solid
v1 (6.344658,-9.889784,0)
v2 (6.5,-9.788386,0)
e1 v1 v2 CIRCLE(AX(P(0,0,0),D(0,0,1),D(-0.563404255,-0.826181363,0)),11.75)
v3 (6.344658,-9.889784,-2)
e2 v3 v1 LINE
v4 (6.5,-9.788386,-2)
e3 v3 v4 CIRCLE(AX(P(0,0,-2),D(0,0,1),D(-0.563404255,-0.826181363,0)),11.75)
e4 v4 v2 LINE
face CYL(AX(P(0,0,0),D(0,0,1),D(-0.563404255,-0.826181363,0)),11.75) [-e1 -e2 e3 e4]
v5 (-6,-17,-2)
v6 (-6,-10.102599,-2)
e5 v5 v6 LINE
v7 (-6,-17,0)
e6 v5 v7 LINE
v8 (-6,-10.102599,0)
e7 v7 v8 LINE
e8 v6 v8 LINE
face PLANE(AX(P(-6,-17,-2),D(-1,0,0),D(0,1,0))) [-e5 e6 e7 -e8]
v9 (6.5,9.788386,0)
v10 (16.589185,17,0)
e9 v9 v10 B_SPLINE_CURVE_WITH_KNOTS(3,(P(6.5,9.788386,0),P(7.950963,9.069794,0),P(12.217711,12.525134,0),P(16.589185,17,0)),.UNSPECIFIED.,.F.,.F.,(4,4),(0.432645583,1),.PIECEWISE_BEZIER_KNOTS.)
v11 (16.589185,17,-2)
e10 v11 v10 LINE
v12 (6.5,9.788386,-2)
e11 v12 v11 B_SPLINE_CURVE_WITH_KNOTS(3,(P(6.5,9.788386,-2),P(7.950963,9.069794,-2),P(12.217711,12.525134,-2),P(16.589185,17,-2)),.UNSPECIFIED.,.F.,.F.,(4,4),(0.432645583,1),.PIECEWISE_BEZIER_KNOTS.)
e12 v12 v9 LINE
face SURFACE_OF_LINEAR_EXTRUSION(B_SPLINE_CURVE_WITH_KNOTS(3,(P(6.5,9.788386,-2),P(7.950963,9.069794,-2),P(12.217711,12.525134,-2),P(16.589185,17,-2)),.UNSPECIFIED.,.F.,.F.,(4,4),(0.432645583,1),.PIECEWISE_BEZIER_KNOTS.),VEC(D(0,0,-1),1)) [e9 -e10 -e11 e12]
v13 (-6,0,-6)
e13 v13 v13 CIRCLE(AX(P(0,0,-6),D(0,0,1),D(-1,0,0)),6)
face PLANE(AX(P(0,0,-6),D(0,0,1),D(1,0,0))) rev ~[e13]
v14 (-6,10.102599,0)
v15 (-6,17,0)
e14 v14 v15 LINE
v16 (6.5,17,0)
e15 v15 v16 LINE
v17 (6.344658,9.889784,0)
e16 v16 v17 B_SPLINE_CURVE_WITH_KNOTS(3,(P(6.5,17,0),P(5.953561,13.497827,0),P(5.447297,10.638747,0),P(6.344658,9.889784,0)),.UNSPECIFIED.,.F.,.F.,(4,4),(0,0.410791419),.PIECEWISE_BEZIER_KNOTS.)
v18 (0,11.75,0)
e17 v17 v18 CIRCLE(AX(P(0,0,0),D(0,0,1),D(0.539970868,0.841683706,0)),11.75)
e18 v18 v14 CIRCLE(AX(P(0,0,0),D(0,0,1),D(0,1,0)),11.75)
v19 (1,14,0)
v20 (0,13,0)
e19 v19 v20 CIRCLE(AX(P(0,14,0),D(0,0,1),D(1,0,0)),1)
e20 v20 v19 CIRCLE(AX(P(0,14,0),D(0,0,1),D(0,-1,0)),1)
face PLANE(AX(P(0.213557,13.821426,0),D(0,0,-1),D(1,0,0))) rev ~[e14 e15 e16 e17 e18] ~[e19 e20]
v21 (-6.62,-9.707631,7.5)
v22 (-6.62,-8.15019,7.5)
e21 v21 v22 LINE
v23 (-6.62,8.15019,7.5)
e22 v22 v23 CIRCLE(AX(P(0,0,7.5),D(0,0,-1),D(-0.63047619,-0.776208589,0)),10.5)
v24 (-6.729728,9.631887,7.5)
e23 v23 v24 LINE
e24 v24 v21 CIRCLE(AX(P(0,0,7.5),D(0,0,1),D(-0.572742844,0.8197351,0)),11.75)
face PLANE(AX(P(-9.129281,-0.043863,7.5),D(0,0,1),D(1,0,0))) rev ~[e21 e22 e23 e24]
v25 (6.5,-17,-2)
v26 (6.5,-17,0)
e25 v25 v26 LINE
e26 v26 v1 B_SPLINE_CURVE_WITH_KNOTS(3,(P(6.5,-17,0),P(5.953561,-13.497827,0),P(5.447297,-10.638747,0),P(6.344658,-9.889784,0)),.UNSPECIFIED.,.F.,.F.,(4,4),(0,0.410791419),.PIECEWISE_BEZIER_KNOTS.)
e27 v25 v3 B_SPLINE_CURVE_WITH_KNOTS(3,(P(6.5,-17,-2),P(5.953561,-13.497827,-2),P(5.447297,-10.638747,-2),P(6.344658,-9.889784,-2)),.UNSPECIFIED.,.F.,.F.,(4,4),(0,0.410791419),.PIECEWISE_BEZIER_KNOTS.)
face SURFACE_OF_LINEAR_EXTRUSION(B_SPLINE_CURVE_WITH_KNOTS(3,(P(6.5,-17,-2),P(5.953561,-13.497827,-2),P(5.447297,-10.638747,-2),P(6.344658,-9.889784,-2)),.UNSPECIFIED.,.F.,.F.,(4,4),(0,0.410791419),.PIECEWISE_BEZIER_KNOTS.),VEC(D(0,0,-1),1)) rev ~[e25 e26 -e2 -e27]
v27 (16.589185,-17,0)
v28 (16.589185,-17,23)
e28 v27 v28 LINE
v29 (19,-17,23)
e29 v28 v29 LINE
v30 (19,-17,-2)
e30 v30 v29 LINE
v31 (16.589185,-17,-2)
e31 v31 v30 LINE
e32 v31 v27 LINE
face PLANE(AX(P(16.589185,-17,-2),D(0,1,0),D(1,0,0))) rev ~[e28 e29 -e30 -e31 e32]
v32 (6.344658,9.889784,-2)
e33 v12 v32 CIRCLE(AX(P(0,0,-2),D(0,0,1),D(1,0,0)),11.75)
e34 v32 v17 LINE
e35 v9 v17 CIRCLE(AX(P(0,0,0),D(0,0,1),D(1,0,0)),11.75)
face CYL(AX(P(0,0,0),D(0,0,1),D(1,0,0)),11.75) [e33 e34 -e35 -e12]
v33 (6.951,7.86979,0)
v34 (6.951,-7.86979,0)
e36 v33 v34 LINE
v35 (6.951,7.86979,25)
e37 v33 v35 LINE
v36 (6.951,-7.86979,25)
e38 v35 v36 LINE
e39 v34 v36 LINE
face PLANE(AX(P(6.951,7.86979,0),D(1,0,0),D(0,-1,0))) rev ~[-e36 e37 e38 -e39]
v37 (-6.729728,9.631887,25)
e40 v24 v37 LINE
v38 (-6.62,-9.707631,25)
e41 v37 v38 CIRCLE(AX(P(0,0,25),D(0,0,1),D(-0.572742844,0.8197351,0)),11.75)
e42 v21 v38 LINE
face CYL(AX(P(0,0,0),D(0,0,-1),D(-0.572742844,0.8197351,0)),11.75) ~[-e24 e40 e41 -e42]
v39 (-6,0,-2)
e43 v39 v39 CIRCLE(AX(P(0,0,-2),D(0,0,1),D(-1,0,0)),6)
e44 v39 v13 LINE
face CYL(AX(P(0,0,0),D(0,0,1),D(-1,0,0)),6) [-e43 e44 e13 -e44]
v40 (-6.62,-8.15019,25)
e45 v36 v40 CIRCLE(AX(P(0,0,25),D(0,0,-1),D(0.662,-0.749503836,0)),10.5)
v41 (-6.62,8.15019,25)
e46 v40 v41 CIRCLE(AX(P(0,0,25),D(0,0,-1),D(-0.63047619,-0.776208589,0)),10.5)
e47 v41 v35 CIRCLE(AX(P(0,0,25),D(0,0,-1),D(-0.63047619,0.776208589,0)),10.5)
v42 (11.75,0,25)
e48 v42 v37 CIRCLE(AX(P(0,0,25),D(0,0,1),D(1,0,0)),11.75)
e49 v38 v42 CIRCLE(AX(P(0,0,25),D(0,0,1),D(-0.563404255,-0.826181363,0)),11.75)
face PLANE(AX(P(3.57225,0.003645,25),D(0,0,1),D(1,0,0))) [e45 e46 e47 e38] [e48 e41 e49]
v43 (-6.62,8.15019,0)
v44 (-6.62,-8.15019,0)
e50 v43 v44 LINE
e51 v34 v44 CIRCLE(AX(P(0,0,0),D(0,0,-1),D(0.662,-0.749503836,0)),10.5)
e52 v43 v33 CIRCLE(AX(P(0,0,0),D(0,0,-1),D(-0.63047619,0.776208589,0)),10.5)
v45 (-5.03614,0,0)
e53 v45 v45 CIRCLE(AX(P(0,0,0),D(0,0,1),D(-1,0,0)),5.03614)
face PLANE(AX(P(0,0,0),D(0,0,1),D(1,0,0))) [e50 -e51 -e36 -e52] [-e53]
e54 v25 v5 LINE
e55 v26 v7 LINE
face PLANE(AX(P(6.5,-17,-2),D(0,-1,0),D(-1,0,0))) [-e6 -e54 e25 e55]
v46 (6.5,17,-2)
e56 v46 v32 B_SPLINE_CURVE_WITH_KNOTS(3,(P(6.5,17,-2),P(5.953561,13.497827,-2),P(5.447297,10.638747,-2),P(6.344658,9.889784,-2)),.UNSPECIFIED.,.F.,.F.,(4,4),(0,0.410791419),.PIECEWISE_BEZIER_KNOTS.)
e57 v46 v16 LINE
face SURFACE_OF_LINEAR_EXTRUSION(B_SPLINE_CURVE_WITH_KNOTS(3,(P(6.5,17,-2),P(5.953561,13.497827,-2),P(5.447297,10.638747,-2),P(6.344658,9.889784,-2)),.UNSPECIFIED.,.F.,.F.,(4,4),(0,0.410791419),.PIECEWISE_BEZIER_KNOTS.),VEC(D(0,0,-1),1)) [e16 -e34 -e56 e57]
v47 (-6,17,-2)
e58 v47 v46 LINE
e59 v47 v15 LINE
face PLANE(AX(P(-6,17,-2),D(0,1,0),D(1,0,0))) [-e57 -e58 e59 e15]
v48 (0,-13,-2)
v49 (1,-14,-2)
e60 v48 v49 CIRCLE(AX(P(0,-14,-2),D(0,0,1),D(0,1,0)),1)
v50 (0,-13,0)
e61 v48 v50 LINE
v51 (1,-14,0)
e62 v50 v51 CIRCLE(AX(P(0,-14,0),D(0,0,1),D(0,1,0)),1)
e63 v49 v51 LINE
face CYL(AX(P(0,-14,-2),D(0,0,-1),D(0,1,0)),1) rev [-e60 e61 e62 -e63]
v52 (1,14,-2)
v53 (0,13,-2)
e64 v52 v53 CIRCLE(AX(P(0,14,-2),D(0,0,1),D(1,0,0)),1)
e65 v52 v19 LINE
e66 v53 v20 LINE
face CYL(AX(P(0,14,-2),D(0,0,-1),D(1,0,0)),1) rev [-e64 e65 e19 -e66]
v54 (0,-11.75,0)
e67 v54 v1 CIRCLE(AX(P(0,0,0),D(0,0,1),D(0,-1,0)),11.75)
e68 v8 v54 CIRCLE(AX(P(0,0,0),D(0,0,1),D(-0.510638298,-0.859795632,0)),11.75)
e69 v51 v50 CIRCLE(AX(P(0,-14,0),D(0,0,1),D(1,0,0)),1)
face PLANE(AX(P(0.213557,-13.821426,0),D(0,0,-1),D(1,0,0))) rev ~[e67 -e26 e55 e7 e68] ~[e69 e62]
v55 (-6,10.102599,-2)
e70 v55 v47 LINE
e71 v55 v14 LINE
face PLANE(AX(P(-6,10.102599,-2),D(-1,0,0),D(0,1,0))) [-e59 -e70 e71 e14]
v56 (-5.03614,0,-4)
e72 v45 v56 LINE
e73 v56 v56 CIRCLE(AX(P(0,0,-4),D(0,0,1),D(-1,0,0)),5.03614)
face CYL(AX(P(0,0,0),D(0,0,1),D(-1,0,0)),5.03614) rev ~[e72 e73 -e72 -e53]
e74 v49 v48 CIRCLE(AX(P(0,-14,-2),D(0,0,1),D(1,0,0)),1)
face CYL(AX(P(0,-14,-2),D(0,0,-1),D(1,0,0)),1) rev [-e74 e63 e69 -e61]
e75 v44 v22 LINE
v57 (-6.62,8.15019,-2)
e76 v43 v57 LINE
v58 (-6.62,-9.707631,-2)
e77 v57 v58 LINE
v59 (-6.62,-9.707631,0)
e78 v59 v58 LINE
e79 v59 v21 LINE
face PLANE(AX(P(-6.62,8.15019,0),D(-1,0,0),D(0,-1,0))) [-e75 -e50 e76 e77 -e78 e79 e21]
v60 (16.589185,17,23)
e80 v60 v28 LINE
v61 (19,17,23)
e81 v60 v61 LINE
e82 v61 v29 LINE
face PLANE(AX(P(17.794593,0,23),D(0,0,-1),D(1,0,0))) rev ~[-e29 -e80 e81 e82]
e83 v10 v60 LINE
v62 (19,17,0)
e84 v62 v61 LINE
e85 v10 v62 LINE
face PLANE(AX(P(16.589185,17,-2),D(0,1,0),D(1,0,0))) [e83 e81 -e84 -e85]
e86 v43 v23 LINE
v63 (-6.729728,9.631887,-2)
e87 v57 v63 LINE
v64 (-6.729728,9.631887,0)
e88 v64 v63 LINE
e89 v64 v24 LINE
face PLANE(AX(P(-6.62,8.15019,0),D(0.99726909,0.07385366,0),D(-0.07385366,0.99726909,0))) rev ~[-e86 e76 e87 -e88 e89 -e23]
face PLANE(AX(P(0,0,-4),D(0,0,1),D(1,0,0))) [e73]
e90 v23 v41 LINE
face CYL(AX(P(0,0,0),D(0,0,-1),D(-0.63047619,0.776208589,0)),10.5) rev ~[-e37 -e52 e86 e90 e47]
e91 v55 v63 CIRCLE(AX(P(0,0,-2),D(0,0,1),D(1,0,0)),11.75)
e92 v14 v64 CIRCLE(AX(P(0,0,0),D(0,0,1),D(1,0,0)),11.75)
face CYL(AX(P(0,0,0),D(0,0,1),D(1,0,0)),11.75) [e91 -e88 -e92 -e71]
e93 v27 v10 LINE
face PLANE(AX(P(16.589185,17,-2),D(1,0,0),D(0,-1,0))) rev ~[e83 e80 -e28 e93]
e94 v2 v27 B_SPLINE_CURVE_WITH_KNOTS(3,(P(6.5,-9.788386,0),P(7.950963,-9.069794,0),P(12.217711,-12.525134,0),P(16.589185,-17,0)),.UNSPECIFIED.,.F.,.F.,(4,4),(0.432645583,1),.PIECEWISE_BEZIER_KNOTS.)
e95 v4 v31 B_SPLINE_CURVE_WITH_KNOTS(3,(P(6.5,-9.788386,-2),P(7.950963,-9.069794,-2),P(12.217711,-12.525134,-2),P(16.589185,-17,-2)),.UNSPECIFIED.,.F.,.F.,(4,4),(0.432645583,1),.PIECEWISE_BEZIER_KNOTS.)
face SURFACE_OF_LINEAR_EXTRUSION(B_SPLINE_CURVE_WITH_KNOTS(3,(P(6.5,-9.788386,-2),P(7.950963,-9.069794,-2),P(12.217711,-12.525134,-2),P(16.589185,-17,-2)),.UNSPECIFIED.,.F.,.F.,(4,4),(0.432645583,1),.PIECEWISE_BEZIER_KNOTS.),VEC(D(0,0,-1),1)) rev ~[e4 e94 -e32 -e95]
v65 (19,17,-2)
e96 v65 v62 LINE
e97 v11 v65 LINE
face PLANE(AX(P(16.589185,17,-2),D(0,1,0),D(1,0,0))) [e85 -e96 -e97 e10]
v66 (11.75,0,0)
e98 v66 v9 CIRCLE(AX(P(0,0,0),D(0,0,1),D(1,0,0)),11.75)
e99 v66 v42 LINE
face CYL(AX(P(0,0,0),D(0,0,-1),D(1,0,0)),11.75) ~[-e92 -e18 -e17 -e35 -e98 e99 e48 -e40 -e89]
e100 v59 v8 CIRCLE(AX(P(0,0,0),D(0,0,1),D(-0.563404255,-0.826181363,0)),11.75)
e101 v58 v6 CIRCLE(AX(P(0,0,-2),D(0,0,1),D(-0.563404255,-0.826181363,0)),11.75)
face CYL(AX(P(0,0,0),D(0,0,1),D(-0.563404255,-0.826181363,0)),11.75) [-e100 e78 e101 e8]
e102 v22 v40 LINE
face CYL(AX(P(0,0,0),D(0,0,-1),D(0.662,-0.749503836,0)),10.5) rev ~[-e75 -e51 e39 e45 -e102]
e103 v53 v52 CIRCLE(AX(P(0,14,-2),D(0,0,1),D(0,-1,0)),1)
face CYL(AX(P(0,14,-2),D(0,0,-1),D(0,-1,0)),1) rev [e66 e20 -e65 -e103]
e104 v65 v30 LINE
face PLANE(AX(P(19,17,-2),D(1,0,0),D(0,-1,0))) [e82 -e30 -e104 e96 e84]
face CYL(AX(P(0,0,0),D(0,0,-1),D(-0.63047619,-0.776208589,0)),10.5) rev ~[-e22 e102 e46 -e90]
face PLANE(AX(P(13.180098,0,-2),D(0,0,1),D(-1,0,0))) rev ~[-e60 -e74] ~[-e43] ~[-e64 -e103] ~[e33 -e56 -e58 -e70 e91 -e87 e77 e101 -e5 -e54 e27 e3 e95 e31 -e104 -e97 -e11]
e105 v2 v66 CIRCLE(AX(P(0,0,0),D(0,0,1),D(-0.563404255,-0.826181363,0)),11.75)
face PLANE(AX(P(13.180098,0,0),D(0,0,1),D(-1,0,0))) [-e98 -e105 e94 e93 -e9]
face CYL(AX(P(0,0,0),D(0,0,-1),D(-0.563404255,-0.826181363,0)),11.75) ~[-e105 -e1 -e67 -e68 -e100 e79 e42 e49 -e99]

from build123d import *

# Parameters (mm, degrees)
F1_DEPTH = 2
F2_DEPTH = 25
F3_DEPTH = 6
F4_DEPTH = 4
F5_DEPTH = 7.5
F6_W     = 2.410814777
F6_H     = 34
F7_DEPTH = 2
F8_DEPTH = 25


with BuildPart() as f1:
    # F0 (on Top) → F1 (new body)
    with BuildSketch(Plane.XY):
        with BuildLine():
            Line((-6.7297284225, 9.6318874245), (-6.62, 8.1501901818))
            ThreePointArc((-6.62, 8.1501901818), (0.2169015369, 10.4977594621), (6.951, 7.8697902767))
            ThreePointArc((6.951, 7.8697902767), (10.5, 0), (6.951, -7.8697902767))
            ThreePointArc((6.951, -7.8697902767), (0.2169015369, -10.4977594621), (-6.62, -8.1501901818))
            Line((-6.62, -8.1501901818), (-6.62, -9.7076310189))
            ThreePointArc((-6.62, -9.7076310189), (5.4898770478, -10.3886356178), (11.75, 0))
            ThreePointArc((11.75, 0), (5.4308466667, 10.4196163309), (-6.7297284225, 9.6318874245))
        make_face()
        with BuildLine():
            ThreePointArc((-6.62, -8.1501901818), (-10.5, 0), (-6.62, 8.1501901818))
            Line((-6.62, 8.1501901818), (-6.7297284225, 9.6318874245))
            ThreePointArc((-6.7297284225, 9.6318874245), (-11.749810877, -0.0666659936), (-6.62, -9.7076310189))
            Line((-6.62, -9.7076310189), (-6.62, -8.1501901818))
        make_face()
        with BuildLine():
            Line((-6.62, 8.1501901818), (-6.62, 0))
            Line((-6.62, 0), (-6.62, -8.1501901818))
            ThreePointArc((-6.62, -8.1501901818), (0.2169015369, -10.4977594621), (6.951, -7.8697902767))
            Line((6.951, -7.8697902767), (6.951, 7.8697902767))
            ThreePointArc((6.951, 7.8697902767), (0.2169015369, 10.4977594621), (-6.62, 8.1501901818))
        make_face()
        with BuildLine():
            ThreePointArc((6, 0), (0, -6), (-6, 0))
            ThreePointArc((-6, 0), (0, 6), (6, 0))
        make_face(mode=Mode.SUBTRACT)
        with BuildLine():
            ThreePointArc((6, 0), (0, 6), (-6, 0))
            ThreePointArc((-6, 0), (0, -6), (6, 0))
        make_face()
        with BuildLine():
            ThreePointArc((5.0361404657, 0), (0, -5.0361404657), (-5.0361404657, 0))
            ThreePointArc((-5.0361404657, 0), (0, 5.0361404657), (5.0361404657, 0))
        make_face(mode=Mode.SUBTRACT)
        with BuildLine():
            ThreePointArc((5.0361404657, 0), (0, 5.0361404657), (-5.0361404657, 0))
            ThreePointArc((-5.0361404657, 0), (0, -5.0361404657), (5.0361404657, 0))
        make_face()
        with BuildLine():
            ThreePointArc((6.951, -7.8697902767), (10.5, 0), (6.951, 7.8697902767))
            Line((6.951, 7.8697902767), (6.951, -7.8697902767))
        make_face()
    extrude(amount=-F1_DEPTH)

    # F0 (on Top) → F2 (join)
    with BuildSketch(Plane.XY):
        with BuildLine():
            Line((-6.7297284225, 9.6318874245), (-6.62, 8.1501901818))
            ThreePointArc((-6.62, 8.1501901818), (0.2169015369, 10.4977594621), (6.951, 7.8697902767))
            ThreePointArc((6.951, 7.8697902767), (10.5, 0), (6.951, -7.8697902767))
            ThreePointArc((6.951, -7.8697902767), (0.2169015369, -10.4977594621), (-6.62, -8.1501901818))
            Line((-6.62, -8.1501901818), (-6.62, -9.7076310189))
            ThreePointArc((-6.62, -9.7076310189), (5.4898770478, -10.3886356178), (11.75, 0))
            ThreePointArc((11.75, 0), (5.4308466667, 10.4196163309), (-6.7297284225, 9.6318874245))
        make_face()
        with BuildLine():
            ThreePointArc((-6.62, -8.1501901818), (-10.5, 0), (-6.62, 8.1501901818))
            Line((-6.62, 8.1501901818), (-6.7297284225, 9.6318874245))
            ThreePointArc((-6.7297284225, 9.6318874245), (-11.749810877, -0.0666659936), (-6.62, -9.7076310189))
            Line((-6.62, -9.7076310189), (-6.62, -8.1501901818))
        make_face()
        with BuildLine():
            ThreePointArc((6.951, -7.8697902767), (10.5, 0), (6.951, 7.8697902767))
            Line((6.951, 7.8697902767), (6.951, -7.8697902767))
        make_face()
    extrude(amount=F2_DEPTH)

    # F0 (on Top) → F3 (join)
    with BuildSketch(Plane.XY):
        with BuildLine():
            ThreePointArc((6, 0), (0, 6), (-6, 0))
            ThreePointArc((-6, 0), (0, -6), (6, 0))
        make_face()
        with BuildLine():
            ThreePointArc((5.0361404657, 0), (0, -5.0361404657), (-5.0361404657, 0))
            ThreePointArc((-5.0361404657, 0), (0, 5.0361404657), (5.0361404657, 0))
        make_face(mode=Mode.SUBTRACT)
        with BuildLine():
            ThreePointArc((5.0361404657, 0), (0, 5.0361404657), (-5.0361404657, 0))
            ThreePointArc((-5.0361404657, 0), (0, -5.0361404657), (5.0361404657, 0))
        make_face()
    extrude(amount=-F3_DEPTH)

    # F0 (on Top) → F4 (cut)
    with BuildSketch(Plane.XY):
        with BuildLine():
            ThreePointArc((5.0361404657, 0), (0, 5.0361404657), (-5.0361404657, 0))
            ThreePointArc((-5.0361404657, 0), (0, -5.0361404657), (5.0361404657, 0))
        make_face()
    extrude(amount=-F4_DEPTH, mode=Mode.SUBTRACT)

    # F0 (on Top) → F5 (cut, symmetric)
    with BuildSketch(Plane.XY):
        with BuildLine():
            ThreePointArc((-6.62, -8.1501901818), (-10.5, 0), (-6.62, 8.1501901818))
            Line((-6.62, 8.1501901818), (-6.7297284225, 9.6318874245))
            ThreePointArc((-6.7297284225, 9.6318874245), (-11.749810877, -0.0666659936), (-6.62, -9.7076310189))
            Line((-6.62, -9.7076310189), (-6.62, -8.1501901818))
        make_face()
    extrude(amount=F5_DEPTH, both=True, mode=Mode.SUBTRACT)

    # F6 (on face) → F7 (join)
    with BuildSketch(Plane(origin=(0, 0, -2), x_dir=(1, 0, 0), z_dir=(0, 0, -1))):
        with BuildLine():
            add(Edge.make_bspline(
                [(6.5, 9.7883859752), (7.9509627356, 9.0697935318), (12.2177111532, 12.5251344048), (16.589185223, 17)],
                knots=[0.4326455833, 0.4326455833, 0.4326455833, 0.4326455833, 1, 1, 1, 1], degree=3))
            ThreePointArc((6.5, 9.7883859752), (11.75, 0), (6.5, -9.7883859752))
            add(Edge.make_bspline(
                [(6.5, -9.7883859752), (7.9509627356, -9.0697935318), (12.2177111532, -12.5251344048), (16.589185223, -17)],
                knots=[0.4326455833, 0.4326455833, 0.4326455833, 0.4326455833, 1, 1, 1, 1], degree=3))
            Line((16.589185223, -17), (16.589185223, 17))
        make_face()
        with BuildLine():
            ThreePointArc((6.3446577013, -9.8897835494), (3.3058692726, -11.2753593447), (0, -11.75))
            ThreePointArc((0, -11.75), (-3.1110260013, -11.3306671127), (-6, -10.1025986756))
            Line((-6, -10.1025986756), (-6, -17))
            Line((-6, -17), (6.5, -17))
            add(Edge.make_bspline(
                [(6.5, -17), (5.9535607354, -13.4978269056), (5.4472970387, -10.6387474187), (6.3446577013, -9.8897835494)],
                knots=[0, 0, 0, 0, 0.4107914195, 0.4107914195, 0.4107914195, 0.4107914195], degree=3))
        make_face()
        with BuildLine():
            ThreePointArc((1, -14), (-0.7071067812, -14.7071067812), (0, -13))
            ThreePointArc((0, -13), (0.7071067812, -13.2928932188), (1, -14))
        make_face(mode=Mode.SUBTRACT)
        with BuildLine():
            ThreePointArc((-6, 10.1025986756), (-3.1110260013, 11.3306671127), (0, 11.75))
            ThreePointArc((0, 11.75), (3.3058692726, 11.2753593447), (6.3446577013, 9.8897835494))
            add(Edge.make_bspline(
                [(6.5, 17), (5.9535607354, 13.4978269056), (5.4472970387, 10.6387474187), (6.3446577013, 9.8897835494)],
                knots=[0, 0, 0, 0, 0.4107914195, 0.4107914195, 0.4107914195, 0.4107914195], degree=3))
            Line((6.5, 17), (-6, 17))
            Line((-6, 17), (-6, 10.1025986756))
        make_face()
        with BuildLine():
            ThreePointArc((1, 14), (0.7071067812, 13.2928932188), (0, 13))
            ThreePointArc((0, 13), (-0.7071067812, 14.7071067812), (1, 14))
        make_face(mode=Mode.SUBTRACT)
        with Locations((17.7945926115, 0)):
            Rectangle(F6_W, F6_H)
    extrude(amount=-F7_DEPTH)

    # F6 (on face) → F8 (join)
    with BuildSketch(Plane(origin=(0, 0, -2), x_dir=(1, 0, 0), z_dir=(0, 0, -1))):
        with Locations((17.7945926115, 0)):
            Rectangle(F6_W, F6_H)
    extrude(amount=-F8_DEPTH)


solid = f1.part
